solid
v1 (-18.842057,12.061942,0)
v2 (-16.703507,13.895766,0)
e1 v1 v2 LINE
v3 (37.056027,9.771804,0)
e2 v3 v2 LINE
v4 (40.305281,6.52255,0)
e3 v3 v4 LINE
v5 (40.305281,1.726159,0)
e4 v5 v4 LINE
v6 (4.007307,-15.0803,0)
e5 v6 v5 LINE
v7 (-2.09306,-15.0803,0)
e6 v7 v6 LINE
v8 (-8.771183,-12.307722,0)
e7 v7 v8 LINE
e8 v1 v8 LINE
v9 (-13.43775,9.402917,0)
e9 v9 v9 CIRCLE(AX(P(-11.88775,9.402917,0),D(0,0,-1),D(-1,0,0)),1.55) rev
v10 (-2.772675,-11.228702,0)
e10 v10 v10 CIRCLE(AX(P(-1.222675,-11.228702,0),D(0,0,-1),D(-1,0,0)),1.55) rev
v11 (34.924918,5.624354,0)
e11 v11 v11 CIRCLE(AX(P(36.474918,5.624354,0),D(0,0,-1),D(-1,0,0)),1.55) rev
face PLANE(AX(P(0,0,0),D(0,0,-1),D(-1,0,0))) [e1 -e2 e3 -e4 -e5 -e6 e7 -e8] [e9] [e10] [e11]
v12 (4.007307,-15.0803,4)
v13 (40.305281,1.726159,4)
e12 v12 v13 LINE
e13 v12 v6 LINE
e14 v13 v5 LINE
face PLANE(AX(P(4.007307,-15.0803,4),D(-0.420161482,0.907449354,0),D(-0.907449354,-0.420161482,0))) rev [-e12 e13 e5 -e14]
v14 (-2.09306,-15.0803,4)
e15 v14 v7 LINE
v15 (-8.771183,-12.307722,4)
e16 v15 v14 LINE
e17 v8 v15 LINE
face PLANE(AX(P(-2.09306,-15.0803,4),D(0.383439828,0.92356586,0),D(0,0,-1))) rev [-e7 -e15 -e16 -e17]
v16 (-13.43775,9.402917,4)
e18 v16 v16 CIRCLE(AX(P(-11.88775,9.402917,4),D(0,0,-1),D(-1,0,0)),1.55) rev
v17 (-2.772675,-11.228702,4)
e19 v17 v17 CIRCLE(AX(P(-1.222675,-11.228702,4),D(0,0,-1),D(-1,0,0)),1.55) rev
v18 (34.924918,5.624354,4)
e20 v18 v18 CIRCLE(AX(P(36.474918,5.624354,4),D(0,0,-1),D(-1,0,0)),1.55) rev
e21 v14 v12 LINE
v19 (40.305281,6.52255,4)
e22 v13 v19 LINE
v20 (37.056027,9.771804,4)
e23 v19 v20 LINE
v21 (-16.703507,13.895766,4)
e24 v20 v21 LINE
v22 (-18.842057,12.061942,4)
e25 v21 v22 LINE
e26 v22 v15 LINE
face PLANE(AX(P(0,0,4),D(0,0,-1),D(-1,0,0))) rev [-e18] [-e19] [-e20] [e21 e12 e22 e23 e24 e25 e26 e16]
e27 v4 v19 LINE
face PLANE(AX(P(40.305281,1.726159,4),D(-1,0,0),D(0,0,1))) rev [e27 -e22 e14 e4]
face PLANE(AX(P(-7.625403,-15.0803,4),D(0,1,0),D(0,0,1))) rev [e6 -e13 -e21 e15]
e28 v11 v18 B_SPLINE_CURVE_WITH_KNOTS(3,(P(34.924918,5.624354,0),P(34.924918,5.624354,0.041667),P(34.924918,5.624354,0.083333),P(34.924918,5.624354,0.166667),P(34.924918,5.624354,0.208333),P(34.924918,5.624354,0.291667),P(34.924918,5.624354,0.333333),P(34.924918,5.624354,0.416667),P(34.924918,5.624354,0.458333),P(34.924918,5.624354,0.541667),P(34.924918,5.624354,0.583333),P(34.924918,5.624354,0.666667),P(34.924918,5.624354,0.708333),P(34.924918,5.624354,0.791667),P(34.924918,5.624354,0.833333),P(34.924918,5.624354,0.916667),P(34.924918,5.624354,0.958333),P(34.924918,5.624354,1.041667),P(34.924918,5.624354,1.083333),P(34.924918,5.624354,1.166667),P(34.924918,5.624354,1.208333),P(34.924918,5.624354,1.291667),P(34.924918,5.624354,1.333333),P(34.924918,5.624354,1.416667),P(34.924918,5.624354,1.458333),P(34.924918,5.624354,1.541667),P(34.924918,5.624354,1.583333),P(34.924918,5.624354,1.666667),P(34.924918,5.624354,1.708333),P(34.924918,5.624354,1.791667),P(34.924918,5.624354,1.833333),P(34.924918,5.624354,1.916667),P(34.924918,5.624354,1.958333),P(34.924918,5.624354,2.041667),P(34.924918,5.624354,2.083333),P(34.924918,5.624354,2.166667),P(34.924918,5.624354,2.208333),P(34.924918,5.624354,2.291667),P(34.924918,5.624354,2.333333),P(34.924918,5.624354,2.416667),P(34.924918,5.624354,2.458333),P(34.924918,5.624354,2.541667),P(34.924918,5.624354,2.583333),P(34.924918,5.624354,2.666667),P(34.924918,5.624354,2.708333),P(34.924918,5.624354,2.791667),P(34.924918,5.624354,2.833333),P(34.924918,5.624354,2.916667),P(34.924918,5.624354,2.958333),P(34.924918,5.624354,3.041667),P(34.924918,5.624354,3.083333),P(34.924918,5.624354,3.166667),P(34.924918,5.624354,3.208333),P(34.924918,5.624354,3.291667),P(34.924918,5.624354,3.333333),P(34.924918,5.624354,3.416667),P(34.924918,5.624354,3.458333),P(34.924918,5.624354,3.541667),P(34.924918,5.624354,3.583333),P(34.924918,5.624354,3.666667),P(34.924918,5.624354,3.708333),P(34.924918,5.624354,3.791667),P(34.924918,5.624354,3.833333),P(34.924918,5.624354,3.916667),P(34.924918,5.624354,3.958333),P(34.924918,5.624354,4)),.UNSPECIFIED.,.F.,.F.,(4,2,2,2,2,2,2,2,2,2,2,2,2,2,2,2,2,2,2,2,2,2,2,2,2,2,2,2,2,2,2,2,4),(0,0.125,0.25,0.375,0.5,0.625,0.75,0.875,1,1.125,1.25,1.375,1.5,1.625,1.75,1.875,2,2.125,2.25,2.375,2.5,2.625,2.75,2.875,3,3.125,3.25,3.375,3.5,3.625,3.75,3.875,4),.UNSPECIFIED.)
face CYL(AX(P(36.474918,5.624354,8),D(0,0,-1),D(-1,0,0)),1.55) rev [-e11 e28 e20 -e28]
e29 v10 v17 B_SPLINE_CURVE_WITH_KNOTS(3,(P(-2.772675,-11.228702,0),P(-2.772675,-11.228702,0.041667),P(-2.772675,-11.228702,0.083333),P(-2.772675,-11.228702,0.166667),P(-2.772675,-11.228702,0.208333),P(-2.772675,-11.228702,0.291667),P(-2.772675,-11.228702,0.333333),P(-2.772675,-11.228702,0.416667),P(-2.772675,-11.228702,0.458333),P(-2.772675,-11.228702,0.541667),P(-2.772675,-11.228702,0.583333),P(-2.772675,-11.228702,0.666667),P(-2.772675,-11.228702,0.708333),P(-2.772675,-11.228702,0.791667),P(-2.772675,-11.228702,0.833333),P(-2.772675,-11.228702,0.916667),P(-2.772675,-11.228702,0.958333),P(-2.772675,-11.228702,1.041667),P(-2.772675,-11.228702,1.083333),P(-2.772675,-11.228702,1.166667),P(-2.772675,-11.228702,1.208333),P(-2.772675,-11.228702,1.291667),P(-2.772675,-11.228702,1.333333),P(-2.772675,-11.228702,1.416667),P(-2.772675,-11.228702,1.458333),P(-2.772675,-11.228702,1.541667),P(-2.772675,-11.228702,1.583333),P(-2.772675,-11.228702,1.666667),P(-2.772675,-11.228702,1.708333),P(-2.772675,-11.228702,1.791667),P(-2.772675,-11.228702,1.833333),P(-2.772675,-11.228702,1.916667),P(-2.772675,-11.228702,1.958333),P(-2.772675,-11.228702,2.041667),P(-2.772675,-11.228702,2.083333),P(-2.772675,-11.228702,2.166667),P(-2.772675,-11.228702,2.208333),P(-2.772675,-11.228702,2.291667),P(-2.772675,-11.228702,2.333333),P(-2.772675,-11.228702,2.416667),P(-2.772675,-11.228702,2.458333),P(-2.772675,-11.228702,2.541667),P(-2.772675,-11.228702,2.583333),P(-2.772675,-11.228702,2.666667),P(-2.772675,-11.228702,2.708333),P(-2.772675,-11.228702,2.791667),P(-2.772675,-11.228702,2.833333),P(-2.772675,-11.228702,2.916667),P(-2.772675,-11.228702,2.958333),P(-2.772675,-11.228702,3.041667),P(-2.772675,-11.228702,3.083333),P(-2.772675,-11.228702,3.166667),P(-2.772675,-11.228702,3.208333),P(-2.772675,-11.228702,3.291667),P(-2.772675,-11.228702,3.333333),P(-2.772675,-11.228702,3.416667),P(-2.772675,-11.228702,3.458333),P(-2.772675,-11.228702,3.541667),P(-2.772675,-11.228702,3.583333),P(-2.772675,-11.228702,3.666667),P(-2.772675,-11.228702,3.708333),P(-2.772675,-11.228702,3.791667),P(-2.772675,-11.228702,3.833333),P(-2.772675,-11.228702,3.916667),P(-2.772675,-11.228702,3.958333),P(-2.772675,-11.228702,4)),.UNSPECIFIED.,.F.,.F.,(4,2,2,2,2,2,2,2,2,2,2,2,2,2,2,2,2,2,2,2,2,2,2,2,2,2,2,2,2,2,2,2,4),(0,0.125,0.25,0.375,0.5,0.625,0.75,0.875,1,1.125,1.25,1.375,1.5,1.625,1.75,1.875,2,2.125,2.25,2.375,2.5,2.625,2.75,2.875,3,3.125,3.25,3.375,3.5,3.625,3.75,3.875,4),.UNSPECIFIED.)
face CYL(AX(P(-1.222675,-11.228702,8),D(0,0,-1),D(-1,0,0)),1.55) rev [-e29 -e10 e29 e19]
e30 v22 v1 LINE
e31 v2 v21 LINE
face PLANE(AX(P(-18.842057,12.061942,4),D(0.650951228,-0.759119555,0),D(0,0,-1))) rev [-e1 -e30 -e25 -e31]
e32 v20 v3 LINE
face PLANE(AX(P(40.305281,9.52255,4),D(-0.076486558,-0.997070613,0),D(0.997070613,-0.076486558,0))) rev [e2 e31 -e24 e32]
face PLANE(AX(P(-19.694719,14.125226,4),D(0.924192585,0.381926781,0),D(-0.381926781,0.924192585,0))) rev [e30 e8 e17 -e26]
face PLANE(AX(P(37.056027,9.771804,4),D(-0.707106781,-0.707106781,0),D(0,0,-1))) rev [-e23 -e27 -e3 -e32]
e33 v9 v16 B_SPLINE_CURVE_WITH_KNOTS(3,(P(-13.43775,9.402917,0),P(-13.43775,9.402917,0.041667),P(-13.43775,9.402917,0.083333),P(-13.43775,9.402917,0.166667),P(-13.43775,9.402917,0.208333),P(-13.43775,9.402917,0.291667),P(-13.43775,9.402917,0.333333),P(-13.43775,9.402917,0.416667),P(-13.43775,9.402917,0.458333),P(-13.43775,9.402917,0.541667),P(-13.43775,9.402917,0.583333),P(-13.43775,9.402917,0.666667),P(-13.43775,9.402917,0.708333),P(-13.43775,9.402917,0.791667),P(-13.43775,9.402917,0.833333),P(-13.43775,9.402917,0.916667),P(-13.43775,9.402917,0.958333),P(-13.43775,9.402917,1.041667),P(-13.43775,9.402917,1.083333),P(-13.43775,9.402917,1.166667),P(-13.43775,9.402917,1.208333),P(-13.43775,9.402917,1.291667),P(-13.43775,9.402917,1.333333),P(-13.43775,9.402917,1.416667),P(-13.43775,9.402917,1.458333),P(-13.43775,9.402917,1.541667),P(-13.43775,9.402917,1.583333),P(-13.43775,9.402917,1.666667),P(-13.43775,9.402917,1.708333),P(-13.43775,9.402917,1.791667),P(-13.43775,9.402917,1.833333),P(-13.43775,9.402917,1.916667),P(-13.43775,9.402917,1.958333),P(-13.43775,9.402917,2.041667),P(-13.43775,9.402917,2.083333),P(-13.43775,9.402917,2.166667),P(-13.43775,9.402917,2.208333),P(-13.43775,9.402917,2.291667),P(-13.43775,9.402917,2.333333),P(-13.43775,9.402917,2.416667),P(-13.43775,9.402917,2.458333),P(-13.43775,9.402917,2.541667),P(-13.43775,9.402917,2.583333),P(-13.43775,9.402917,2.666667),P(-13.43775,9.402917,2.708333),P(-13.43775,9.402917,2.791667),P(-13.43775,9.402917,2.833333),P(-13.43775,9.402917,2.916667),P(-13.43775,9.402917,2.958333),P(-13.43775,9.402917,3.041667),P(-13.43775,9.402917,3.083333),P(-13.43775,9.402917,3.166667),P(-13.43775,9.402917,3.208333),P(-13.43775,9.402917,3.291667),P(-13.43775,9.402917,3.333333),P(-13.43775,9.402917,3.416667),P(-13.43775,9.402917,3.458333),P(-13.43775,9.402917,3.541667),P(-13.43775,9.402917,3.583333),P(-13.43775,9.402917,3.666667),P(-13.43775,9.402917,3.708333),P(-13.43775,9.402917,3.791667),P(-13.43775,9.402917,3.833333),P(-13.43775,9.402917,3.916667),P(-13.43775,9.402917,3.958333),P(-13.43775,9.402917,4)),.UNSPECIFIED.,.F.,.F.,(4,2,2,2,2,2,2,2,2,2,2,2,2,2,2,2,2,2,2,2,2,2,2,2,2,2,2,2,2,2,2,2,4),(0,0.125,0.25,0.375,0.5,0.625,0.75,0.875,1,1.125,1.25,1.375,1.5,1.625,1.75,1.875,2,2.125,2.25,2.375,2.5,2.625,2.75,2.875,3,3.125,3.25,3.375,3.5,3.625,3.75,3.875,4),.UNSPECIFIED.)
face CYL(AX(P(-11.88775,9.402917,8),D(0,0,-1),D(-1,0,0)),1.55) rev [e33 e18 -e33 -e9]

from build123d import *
from OCP.BRepFilletAPI import BRepFilletAPI_MakeChamfer

# Parameters (mm, degrees)
BOSS_EXTRU_1_DEPTH           = 4
ENL_V_MAT_EXTRU_1_DEPTH      = 4
ENL_V_MAT_EXTRU_1_DEPTH_BACK = 7
ESQUISSE2_R                  = 1.55
CHANFREIN1_SIZE              = 3
CHANFREIN1_SIZE2             = 3.25880074
CHANFREIN1_SIZE2_2           = 5.532342211
CHANFREIN1_SIZE2_3           = 2.232526106


with BuildPart() as part:
    # Esquisse1 → Boss.-Extru.1 (new body)
    with BuildSketch(Plane.XY):
        Polygon((-19.694718841, 14.12522617), (-7.625402576, -15.080300035), (4.007307014, -15.080300035), (40.305281159, 1.726159227), (40.305281159, 9.522549697), align=None)
    extrude(amount=BOSS_EXTRU_1_DEPTH)

    # Esquisse2 → Enlèv. mat.-Extru.1 (cut, two sides: drawn at the far end of the back side and taken through both)
    with BuildSketch(Plane.XY.offset(4).offset(-ENL_V_MAT_EXTRU_1_DEPTH_BACK)):
        with Locations(Location((-11.887750079, 9.402917456, 0), (0, 0, 180))):
            Circle(ESQUISSE2_R)
        with Locations(Location((-1.222675499, -11.228701649, 0), (0, 0, 180))):
            Circle(ESQUISSE2_R)
        with Locations(Location((36.47491806, 5.624354462, 0), (0, 0, 180))):
            Circle(ESQUISSE2_R)
    extrude(amount=ENL_V_MAT_EXTRU_1_DEPTH + ENL_V_MAT_EXTRU_1_DEPTH_BACK, mode=Mode.SUBTRACT)

    # Chanfrein1: one chamfer whose edges measure the first distance from different faces: ONE call of the kernel's chamfer builder (chamfer() names one face for all edges)
    chanfrein1_edges_1 = [part.edges().sort_by_distance(p)[0] for p in [
        (40.305281159, 9.522549697, 2),
    ]]
    chanfrein1_side_1 = [part.faces().sort_by_distance(p)[0] for p in [
        (40.305281159, 5.624354462, 2),
    ]]
    chanfrein1_edges_2 = [part.edges().sort_by_distance(p)[0] for p in [
        (-7.625402576, -15.080300035, 2),
    ]]
    chanfrein1_side_2 = [part.faces().sort_by_distance(p)[0] for p in [
        (-13.660060709, -0.477536933, 2),
    ]]
    chanfrein1_edges_3 = [part.edges().sort_by_distance(p)[0] for p in [
        (-19.694718841, 14.12522617, 2),
    ]]
    chanfrein1_side_3 = [part.faces().sort_by_distance(p)[0] for p in [
        (10.305281159, 11.823887933, 2),
    ]]
    chanfrein1 = BRepFilletAPI_MakeChamfer(part.part.solid().wrapped)
    for e in chanfrein1_edges_1:
        chanfrein1.Add(CHANFREIN1_SIZE, CHANFREIN1_SIZE2, e.wrapped, chanfrein1_side_1[0].wrapped)  # the first distance lies on this face
    for e in chanfrein1_edges_2:
        chanfrein1.Add(CHANFREIN1_SIZE, CHANFREIN1_SIZE2_2, e.wrapped, chanfrein1_side_2[0].wrapped)  # the first distance lies on this face
    for e in chanfrein1_edges_3:
        chanfrein1.Add(CHANFREIN1_SIZE, CHANFREIN1_SIZE2_3, e.wrapped, chanfrein1_side_3[0].wrapped)  # the first distance lies on this face
    add(Compound.cast(chanfrein1.Shape()), mode=Mode.REPLACE)


solid = part.part
